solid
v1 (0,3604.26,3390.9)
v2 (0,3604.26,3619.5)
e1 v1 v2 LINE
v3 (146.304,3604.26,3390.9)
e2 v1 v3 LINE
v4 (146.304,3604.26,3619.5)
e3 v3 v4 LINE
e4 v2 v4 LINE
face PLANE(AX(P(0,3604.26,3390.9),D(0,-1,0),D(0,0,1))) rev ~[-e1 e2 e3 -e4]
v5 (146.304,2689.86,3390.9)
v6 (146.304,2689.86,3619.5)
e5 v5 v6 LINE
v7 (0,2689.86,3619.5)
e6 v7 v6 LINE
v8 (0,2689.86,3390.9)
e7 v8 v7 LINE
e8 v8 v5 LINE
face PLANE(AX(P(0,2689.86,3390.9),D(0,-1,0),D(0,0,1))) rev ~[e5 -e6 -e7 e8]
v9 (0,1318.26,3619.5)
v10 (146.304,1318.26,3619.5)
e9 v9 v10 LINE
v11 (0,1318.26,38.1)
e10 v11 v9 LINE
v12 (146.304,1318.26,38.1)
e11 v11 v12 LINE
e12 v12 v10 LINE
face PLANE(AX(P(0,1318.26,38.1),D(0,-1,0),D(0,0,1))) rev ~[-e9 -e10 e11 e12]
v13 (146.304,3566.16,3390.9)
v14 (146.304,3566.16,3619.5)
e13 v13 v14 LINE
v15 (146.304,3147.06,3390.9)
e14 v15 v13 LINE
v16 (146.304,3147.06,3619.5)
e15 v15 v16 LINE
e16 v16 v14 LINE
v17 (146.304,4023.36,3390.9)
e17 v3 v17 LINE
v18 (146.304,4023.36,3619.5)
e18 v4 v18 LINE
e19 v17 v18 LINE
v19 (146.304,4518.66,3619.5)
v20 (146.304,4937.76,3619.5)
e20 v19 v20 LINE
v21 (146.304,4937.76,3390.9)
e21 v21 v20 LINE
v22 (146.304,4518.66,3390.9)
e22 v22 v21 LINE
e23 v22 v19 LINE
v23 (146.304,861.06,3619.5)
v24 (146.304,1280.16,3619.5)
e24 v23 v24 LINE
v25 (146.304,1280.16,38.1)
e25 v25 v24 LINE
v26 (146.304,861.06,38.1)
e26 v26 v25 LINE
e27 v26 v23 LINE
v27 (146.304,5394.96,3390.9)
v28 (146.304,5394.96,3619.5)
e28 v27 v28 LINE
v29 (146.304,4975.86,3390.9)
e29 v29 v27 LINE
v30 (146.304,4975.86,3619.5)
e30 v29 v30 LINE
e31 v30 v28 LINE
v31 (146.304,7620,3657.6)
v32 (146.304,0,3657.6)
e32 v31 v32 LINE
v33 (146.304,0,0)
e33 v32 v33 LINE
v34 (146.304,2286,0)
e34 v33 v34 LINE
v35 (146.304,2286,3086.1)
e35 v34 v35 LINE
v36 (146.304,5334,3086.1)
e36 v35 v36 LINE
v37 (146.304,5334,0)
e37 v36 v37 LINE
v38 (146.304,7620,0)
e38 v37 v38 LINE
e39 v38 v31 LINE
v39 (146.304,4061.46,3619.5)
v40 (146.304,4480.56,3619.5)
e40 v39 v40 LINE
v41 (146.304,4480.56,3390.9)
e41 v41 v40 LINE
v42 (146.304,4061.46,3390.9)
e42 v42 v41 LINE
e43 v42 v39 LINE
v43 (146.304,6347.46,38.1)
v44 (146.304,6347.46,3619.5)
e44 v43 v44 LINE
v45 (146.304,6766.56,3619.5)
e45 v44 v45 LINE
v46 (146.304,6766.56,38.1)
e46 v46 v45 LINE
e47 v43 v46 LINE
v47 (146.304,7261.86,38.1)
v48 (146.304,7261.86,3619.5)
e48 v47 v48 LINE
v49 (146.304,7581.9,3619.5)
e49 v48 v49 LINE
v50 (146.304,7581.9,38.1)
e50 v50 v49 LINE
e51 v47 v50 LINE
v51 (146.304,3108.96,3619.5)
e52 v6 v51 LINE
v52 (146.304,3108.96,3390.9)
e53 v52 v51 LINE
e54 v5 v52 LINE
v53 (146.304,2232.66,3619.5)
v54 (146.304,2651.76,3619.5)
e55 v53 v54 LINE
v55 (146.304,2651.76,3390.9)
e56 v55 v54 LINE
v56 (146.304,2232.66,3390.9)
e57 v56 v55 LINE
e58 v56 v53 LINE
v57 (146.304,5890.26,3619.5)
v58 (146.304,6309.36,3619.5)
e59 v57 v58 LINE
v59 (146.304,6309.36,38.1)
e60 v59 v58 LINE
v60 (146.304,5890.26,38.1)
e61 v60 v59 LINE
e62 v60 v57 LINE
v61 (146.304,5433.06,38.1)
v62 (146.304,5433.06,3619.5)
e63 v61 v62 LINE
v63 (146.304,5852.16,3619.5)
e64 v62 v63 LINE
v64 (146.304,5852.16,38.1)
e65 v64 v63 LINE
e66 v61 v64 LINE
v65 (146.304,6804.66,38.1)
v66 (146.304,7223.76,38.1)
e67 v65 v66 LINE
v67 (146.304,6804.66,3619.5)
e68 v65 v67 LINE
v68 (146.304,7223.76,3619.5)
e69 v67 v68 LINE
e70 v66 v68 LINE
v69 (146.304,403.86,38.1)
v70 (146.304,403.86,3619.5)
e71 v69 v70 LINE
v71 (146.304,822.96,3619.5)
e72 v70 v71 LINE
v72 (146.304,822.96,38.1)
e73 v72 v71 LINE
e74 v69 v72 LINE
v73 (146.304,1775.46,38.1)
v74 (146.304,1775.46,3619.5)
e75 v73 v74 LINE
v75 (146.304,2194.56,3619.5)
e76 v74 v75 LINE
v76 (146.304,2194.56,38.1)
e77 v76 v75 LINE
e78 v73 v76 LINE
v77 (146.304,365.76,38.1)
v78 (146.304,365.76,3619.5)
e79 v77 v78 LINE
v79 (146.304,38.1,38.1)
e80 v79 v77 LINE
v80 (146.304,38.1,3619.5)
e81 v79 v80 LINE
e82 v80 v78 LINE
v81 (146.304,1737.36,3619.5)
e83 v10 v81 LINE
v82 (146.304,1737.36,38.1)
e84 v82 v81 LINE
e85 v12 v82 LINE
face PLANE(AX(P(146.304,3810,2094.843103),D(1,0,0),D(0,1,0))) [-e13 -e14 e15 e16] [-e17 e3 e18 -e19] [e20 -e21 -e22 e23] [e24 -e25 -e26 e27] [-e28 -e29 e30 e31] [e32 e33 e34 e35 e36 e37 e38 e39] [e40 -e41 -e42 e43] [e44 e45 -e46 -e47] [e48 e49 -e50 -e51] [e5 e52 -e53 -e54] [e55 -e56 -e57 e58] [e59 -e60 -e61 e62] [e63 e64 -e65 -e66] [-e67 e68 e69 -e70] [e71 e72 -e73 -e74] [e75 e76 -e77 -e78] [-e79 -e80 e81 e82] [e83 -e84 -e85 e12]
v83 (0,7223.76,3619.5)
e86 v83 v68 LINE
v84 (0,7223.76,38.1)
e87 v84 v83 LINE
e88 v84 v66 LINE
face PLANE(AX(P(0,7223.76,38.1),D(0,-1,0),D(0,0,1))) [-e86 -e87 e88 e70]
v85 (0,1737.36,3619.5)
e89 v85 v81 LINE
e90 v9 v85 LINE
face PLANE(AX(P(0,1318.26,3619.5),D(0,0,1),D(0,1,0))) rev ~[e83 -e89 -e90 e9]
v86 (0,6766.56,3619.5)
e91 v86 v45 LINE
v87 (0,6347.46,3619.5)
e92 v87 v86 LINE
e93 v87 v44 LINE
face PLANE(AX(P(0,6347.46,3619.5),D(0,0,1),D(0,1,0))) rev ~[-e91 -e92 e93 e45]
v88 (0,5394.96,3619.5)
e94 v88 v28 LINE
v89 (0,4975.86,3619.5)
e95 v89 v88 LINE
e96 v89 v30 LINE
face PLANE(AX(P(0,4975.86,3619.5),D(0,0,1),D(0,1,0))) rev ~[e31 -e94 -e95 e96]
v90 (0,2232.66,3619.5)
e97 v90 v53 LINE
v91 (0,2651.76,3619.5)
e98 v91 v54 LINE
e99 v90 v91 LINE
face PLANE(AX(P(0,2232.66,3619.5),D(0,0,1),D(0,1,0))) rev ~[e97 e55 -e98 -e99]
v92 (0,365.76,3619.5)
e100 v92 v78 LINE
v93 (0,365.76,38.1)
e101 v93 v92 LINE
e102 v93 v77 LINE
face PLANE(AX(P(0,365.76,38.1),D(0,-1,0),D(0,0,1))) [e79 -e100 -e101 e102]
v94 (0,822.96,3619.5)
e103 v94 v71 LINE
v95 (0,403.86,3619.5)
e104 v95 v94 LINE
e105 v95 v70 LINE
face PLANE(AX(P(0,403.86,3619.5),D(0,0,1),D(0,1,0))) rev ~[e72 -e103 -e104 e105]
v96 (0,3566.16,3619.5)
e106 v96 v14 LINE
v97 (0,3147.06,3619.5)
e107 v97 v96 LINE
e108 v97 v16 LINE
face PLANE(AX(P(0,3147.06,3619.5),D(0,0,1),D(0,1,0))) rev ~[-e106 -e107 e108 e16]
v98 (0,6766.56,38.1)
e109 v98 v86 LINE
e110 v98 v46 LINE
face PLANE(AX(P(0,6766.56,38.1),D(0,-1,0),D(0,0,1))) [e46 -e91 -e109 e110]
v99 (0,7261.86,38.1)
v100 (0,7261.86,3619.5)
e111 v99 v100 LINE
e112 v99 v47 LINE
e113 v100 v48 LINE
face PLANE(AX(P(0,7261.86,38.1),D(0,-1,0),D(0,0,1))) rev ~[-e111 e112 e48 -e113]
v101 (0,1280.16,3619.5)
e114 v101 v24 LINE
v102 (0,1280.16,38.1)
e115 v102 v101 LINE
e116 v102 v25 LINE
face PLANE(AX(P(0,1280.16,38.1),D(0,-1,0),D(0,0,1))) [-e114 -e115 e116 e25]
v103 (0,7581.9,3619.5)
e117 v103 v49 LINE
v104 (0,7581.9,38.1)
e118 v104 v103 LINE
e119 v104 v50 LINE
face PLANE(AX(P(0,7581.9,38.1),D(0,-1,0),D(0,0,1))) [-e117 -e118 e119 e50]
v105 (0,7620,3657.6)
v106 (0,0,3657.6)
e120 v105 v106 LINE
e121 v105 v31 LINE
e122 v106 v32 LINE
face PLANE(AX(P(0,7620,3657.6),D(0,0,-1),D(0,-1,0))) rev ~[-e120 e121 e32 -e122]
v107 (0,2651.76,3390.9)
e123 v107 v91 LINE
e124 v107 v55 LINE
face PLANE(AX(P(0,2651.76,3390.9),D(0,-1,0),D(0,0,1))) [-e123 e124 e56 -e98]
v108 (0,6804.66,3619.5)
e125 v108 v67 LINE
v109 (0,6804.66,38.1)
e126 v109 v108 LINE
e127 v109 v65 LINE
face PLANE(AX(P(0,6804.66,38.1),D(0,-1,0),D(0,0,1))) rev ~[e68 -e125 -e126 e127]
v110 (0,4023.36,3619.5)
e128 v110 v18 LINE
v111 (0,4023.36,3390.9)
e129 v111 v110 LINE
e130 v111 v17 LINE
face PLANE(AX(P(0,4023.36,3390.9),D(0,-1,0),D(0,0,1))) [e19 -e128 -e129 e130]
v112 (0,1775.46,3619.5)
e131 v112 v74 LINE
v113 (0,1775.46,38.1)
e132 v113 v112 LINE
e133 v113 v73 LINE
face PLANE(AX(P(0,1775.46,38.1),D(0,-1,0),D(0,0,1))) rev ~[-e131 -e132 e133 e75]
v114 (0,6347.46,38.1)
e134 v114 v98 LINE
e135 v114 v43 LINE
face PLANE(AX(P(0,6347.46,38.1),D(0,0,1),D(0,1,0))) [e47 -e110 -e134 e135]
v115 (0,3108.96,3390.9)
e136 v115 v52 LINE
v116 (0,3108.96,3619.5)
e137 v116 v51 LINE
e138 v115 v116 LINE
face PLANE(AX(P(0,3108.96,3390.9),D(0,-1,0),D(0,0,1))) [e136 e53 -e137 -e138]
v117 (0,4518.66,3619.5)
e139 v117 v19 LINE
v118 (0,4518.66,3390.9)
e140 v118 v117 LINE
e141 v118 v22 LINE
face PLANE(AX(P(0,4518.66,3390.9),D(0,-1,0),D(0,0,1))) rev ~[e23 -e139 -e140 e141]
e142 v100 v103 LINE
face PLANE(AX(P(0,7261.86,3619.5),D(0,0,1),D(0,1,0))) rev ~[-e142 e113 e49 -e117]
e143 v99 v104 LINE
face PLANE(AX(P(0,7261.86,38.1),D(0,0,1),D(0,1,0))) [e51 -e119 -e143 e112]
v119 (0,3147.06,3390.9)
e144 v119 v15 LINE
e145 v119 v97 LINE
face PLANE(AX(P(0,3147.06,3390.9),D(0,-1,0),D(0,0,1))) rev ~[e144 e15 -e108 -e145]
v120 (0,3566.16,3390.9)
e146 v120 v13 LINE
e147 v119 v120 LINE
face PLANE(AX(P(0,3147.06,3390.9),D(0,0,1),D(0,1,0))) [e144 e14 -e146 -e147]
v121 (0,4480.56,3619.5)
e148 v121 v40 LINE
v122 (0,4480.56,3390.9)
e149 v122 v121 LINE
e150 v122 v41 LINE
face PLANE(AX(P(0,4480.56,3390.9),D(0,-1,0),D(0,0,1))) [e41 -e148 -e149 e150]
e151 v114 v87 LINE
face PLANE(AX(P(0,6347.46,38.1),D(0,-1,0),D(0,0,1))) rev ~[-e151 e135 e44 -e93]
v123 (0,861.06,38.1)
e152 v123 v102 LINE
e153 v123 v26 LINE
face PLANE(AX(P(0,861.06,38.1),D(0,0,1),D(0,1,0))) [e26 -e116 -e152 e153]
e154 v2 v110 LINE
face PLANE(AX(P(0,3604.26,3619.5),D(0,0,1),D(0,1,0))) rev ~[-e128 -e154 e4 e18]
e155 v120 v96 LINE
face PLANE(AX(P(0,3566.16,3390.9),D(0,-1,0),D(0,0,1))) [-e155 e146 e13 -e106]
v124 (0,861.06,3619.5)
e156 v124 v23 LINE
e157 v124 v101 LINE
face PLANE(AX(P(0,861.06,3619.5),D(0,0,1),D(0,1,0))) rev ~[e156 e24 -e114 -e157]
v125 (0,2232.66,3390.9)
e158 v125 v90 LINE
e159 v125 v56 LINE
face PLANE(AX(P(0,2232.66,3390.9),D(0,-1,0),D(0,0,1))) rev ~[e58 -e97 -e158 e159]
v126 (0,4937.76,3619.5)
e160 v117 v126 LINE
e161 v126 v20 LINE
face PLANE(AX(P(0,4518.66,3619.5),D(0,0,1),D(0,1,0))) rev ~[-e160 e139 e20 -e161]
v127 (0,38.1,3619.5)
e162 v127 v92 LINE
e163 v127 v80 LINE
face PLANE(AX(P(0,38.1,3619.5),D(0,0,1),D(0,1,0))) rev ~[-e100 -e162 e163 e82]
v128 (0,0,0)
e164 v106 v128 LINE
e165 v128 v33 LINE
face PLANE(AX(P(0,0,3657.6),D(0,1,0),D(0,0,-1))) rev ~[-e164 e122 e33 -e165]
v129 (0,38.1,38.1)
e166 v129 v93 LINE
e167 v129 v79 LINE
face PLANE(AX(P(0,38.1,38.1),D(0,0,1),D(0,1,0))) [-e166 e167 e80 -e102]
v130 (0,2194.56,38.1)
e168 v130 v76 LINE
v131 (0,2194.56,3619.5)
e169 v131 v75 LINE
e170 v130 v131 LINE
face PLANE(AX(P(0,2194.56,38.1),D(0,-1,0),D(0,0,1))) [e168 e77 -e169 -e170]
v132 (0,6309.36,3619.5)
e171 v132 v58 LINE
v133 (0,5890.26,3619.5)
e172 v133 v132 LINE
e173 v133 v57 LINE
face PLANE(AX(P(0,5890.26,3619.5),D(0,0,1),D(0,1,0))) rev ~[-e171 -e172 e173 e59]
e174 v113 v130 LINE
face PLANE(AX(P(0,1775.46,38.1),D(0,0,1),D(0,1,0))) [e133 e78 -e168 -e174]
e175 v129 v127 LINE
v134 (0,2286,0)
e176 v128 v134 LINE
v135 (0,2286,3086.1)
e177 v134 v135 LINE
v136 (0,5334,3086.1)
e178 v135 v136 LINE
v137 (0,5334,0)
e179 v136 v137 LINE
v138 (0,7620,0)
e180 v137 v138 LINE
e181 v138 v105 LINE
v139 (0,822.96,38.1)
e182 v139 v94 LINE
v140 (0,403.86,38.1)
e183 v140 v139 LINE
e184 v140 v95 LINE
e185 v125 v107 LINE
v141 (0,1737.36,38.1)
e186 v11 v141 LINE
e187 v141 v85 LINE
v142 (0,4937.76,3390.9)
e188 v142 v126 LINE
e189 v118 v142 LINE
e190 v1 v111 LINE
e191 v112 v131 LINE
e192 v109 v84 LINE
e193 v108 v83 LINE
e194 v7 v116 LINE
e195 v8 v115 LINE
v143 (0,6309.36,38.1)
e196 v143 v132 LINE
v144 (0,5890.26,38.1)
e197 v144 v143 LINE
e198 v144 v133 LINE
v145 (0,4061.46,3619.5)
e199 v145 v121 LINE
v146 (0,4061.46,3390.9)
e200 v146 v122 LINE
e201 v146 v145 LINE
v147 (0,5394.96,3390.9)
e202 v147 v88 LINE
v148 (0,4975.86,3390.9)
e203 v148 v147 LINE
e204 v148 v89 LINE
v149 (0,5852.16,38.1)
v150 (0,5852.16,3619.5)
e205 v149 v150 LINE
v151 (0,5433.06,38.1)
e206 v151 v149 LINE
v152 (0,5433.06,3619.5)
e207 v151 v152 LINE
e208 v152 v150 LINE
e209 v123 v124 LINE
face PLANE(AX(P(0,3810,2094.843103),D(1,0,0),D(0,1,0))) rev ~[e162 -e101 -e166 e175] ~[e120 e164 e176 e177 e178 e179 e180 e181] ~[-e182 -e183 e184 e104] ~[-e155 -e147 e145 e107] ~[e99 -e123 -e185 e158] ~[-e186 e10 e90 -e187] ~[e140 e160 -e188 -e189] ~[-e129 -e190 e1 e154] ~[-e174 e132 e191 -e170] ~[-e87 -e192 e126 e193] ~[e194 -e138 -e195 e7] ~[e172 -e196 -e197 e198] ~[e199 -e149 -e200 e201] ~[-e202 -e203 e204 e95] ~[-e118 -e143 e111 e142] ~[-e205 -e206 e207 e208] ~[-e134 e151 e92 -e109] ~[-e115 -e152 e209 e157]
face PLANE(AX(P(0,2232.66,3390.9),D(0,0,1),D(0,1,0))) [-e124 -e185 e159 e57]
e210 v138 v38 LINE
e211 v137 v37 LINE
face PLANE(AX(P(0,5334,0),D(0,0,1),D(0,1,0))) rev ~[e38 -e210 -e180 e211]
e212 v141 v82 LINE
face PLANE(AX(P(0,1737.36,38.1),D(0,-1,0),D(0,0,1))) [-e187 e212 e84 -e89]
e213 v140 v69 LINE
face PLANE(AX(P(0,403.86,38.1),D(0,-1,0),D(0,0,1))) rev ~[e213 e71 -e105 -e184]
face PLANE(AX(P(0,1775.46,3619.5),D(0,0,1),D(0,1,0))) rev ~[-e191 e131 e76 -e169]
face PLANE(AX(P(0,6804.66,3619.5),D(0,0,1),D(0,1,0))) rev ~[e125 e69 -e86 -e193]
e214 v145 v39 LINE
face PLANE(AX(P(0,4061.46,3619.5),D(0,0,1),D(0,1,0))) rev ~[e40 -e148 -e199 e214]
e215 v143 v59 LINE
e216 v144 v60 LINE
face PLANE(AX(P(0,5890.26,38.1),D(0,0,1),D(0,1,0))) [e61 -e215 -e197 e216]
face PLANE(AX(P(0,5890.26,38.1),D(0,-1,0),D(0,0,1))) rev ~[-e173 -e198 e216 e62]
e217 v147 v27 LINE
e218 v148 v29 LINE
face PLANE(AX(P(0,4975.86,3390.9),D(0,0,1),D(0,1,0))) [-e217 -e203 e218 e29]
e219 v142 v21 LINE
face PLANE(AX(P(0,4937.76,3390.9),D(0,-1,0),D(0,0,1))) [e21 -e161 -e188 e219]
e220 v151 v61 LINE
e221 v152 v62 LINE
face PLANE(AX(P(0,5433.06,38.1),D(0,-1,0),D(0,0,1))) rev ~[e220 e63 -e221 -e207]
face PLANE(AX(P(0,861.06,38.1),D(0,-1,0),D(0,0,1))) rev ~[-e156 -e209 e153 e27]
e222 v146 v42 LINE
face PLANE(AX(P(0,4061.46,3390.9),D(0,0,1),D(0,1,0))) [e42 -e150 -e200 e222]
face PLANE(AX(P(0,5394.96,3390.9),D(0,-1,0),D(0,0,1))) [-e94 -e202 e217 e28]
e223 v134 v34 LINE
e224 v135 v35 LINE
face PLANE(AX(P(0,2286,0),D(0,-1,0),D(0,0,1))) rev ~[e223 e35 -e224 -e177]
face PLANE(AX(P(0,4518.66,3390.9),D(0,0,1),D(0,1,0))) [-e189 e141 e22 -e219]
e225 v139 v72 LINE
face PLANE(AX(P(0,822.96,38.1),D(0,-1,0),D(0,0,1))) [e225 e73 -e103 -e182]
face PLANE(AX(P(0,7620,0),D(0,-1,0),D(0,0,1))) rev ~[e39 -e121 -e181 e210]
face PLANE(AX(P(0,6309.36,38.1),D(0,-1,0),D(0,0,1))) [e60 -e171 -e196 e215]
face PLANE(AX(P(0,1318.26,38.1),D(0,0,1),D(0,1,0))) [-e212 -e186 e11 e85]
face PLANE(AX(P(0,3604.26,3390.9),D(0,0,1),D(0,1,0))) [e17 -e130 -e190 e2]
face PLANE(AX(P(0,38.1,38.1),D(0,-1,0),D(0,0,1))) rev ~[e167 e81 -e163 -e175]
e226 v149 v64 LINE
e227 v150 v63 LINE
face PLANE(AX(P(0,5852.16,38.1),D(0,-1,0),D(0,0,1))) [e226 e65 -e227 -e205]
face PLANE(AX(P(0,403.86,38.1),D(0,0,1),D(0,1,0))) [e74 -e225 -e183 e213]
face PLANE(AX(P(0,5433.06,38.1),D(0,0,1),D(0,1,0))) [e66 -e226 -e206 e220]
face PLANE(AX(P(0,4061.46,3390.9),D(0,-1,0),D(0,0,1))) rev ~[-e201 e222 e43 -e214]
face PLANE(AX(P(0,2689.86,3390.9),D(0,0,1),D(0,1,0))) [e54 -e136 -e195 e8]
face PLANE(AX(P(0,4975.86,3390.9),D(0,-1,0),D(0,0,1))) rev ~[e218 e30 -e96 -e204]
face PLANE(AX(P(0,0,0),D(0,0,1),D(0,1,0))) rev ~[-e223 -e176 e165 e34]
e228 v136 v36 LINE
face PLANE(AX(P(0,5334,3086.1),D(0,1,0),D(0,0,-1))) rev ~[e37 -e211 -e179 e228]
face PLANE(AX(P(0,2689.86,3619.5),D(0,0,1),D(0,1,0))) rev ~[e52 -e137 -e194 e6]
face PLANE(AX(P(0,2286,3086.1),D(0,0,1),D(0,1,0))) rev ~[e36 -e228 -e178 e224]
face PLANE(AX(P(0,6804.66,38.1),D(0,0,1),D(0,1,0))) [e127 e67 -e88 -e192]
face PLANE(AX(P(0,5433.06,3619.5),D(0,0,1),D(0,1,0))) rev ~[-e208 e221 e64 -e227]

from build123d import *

# Parameters (mm, degrees)
F0_W     = 327.66
F0_H     = 3581.4
F0_W_2   = 419.1
F0_H_2   = 228.6
F0_W_3   = 320.04
F1_DEPTH = 146.304


with BuildPart() as f1:
    # F0 (on Right) → F1 (new body)
    with BuildSketch(Plane.YZ):
        Polygon((0, 3657.6), (0, 0), (2286, 0), (2286, 38.1), (2286, 3086.1), (5334, 3086.1), (5334, 38.1), (5334, 0), (7620, 0), (7620, 3657.6), align=None)
        with Locations((201.93, 1828.8)):
            Rectangle(F0_W, F0_H, mode=Mode.SUBTRACT)
        with Locations((613.41, 1828.8)):
            Rectangle(F0_W_2, F0_H, mode=Mode.SUBTRACT)
        with Locations((1070.61, 1828.8)):
            Rectangle(F0_W_2, F0_H, mode=Mode.SUBTRACT)
        with Locations((1527.81, 1828.8)):
            Rectangle(F0_W_2, F0_H, mode=Mode.SUBTRACT)
        with Locations((1985.01, 1828.8)):
            Rectangle(F0_W_2, F0_H, mode=Mode.SUBTRACT)
        with Locations((2442.21, 3505.2)):
            Rectangle(F0_W_2, F0_H_2, mode=Mode.SUBTRACT)
        with Locations((2899.41, 3505.2)):
            Rectangle(F0_W_2, F0_H_2, mode=Mode.SUBTRACT)
        with Locations((3356.61, 3505.2)):
            Rectangle(F0_W_2, F0_H_2, mode=Mode.SUBTRACT)
        with Locations((5642.61, 1828.8)):
            Rectangle(F0_W_2, F0_H, mode=Mode.SUBTRACT)
        with Locations((6099.81, 1828.8)):
            Rectangle(F0_W_2, F0_H, mode=Mode.SUBTRACT)
        with Locations((6557.01, 1828.8)):
            Rectangle(F0_W_2, F0_H, mode=Mode.SUBTRACT)
        with Locations((7014.21, 1828.8)):
            Rectangle(F0_W_2, F0_H, mode=Mode.SUBTRACT)
        with Locations((7421.88, 1828.8)):
            Rectangle(F0_W_3, F0_H, mode=Mode.SUBTRACT)
        with Locations((3813.81, 3505.2)):
            Rectangle(F0_W_2, F0_H_2, mode=Mode.SUBTRACT)
        with Locations((4271.01, 3505.2)):
            Rectangle(F0_W_2, F0_H_2, mode=Mode.SUBTRACT)
        with Locations((4728.21, 3505.2)):
            Rectangle(F0_W_2, F0_H_2, mode=Mode.SUBTRACT)
        with Locations((5185.41, 3505.2)):
            Rectangle(F0_W_2, F0_H_2, mode=Mode.SUBTRACT)
    extrude(amount=F1_DEPTH)


solid = f1.part
